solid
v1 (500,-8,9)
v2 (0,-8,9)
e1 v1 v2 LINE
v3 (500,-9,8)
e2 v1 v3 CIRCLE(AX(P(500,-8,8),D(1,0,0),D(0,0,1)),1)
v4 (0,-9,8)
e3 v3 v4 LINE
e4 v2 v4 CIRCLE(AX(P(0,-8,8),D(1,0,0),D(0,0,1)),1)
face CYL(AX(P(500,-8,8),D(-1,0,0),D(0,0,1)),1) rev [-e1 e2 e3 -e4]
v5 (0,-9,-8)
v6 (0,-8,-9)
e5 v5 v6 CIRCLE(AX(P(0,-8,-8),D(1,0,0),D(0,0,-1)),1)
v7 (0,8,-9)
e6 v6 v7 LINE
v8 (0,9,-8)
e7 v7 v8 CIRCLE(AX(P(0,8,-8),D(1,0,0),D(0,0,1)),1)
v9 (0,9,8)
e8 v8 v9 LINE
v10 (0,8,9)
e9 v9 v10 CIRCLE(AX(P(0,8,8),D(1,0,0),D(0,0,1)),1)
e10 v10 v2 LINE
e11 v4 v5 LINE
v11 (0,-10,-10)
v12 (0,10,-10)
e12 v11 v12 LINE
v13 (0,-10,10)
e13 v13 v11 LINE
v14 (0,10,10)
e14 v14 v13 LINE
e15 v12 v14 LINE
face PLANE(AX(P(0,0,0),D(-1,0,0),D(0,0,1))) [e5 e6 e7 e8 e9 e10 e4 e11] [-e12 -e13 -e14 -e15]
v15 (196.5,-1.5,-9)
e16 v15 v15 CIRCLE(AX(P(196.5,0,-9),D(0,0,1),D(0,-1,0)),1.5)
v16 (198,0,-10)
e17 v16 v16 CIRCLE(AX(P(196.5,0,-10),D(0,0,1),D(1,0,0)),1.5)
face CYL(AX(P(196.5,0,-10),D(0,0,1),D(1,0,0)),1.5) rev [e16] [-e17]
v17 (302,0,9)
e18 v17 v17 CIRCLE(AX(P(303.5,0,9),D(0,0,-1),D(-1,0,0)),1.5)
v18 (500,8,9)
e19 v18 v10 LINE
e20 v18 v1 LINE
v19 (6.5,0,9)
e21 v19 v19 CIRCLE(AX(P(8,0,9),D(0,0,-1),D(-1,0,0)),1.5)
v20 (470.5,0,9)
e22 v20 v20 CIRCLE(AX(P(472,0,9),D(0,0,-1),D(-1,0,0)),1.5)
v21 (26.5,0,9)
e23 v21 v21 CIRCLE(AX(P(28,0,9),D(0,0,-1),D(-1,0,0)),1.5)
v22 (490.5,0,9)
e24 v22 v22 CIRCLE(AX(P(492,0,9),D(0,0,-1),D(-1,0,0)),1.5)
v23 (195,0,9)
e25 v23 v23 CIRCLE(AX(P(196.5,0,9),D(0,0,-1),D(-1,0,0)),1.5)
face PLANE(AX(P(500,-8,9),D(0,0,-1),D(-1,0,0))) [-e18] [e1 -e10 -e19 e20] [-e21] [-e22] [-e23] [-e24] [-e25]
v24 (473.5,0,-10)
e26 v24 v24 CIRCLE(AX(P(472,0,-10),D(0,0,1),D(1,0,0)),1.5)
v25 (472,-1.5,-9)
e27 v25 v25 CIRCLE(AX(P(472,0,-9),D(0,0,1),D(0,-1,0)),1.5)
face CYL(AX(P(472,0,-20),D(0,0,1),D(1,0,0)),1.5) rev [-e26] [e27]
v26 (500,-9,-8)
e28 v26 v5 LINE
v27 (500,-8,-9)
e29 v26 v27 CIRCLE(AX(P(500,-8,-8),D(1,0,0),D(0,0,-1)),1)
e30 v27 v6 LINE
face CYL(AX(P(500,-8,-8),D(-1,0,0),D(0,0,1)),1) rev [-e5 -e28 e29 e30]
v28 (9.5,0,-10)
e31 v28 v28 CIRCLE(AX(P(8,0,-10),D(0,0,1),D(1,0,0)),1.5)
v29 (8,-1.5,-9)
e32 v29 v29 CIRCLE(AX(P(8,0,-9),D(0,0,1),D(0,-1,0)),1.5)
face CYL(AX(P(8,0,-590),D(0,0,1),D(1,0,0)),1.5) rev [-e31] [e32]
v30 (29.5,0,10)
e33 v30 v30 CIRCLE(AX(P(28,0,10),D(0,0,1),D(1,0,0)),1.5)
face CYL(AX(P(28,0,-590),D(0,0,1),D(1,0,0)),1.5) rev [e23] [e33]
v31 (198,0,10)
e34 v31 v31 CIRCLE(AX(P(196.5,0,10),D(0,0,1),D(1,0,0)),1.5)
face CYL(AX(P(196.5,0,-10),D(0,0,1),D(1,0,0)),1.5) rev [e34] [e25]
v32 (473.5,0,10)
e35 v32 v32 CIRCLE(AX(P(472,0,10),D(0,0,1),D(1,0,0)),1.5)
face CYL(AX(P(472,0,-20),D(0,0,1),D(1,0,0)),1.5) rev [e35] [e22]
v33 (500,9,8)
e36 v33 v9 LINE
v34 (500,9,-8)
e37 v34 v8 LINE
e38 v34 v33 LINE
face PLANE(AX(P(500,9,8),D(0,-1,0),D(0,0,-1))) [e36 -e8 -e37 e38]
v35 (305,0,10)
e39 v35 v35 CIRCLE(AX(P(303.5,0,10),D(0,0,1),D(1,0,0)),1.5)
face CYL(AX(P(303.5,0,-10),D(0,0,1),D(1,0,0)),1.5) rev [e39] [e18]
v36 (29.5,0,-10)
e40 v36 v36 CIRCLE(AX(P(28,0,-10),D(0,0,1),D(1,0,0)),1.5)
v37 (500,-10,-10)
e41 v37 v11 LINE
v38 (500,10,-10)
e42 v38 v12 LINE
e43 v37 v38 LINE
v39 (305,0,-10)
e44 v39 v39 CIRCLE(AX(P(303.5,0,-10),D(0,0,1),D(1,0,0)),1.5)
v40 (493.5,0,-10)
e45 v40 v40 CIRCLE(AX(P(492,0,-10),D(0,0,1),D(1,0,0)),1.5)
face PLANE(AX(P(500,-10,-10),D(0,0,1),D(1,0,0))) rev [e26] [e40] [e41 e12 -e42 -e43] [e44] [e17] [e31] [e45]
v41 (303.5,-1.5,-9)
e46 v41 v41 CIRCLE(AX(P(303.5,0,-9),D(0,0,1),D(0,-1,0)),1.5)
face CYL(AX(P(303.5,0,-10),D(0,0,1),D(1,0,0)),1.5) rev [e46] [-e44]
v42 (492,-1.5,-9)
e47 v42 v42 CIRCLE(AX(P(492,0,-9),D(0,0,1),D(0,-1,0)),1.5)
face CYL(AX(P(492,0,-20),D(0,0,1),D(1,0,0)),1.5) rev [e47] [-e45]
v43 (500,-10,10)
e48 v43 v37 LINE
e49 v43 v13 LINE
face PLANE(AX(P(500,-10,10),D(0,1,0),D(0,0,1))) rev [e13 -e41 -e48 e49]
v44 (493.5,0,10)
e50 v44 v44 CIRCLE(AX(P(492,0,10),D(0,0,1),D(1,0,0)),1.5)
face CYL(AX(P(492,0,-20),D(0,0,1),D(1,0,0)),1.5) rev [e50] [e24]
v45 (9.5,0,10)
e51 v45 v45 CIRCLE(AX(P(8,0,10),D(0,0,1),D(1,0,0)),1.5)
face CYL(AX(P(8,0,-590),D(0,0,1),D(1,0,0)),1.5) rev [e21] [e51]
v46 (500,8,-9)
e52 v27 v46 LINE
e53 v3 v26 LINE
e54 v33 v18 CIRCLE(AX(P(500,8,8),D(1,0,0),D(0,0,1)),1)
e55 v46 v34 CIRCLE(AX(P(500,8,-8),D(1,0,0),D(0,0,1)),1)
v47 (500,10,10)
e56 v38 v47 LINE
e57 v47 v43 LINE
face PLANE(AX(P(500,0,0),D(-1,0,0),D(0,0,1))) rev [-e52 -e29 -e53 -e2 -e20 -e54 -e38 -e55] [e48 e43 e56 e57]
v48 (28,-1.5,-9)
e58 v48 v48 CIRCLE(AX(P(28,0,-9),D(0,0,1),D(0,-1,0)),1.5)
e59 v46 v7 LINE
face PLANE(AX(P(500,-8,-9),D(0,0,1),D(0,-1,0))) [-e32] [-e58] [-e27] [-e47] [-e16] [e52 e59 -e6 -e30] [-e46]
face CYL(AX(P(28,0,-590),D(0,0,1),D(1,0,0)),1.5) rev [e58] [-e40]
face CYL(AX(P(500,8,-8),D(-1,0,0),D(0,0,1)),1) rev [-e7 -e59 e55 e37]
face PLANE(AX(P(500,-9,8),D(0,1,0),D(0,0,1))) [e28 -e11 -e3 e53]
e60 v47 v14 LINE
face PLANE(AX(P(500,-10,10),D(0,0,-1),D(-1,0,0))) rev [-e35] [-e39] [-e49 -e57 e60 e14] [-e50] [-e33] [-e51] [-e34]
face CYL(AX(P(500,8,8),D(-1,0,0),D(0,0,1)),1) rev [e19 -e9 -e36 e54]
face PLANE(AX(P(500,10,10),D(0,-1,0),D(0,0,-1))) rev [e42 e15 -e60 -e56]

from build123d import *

# Parameters (mm, degrees)
SKETCH1_W           = 20
SKETCH1_H           = 20
BOSS_EXTRUDE1_DEPTH = 500
SKETCH2_R           = 1.5
CUT_EXTRUDE1_DEPTH  = 600
SKETCH3_R           = 1.5
CUT_EXTRUDE2_DEPTH  = 30
SKETCH4_R           = 1.5
CUT_EXTRUDE3_DEPTH  = 20


with BuildPart() as part:
    # Sketch1 → Boss-Extrude1 (new body)
    with BuildSketch(Plane(origin=(0, 0, 0), x_dir=(0, 0, -1), z_dir=(1, 0, 0))):
        Rectangle(SKETCH1_W, SKETCH1_H)
        with BuildLine():
            Line((-8, -9), (8, -9))
            ThreePointArc((8, -9), (8.707106781, -8.707106781), (9, -8))
            Line((9, -8), (9, 8))
            ThreePointArc((9, 8), (8.707106781, 8.707106781), (8, 9))
            Line((8, 9), (-8, 9))
            ThreePointArc((-8, 9), (-8.707106781, 8.707106781), (-9, 8))
            Line((-9, 8), (-9, -8))
            ThreePointArc((-9, -8), (-8.707106781, -8.707106781), (-8, -9))
        make_face(mode=Mode.SUBTRACT)
    extrude(amount=BOSS_EXTRUDE1_DEPTH)

    # Sketch2 → Cut-Extrude1 (cut)
    with BuildSketch(Plane.XY.offset(10)):
        with Locations((8, 0)):
            Circle(SKETCH2_R)
        with Locations((28, 0)):
            Circle(SKETCH2_R)
    extrude(amount=-CUT_EXTRUDE1_DEPTH, mode=Mode.SUBTRACT)

    # Sketch3 → Cut-Extrude2 (cut)
    with BuildSketch(Plane.XY.offset(10)):
        with Locations((492, 0)):
            Circle(SKETCH3_R)
        with Locations((472, 0)):
            Circle(SKETCH3_R)
    extrude(amount=-CUT_EXTRUDE2_DEPTH, mode=Mode.SUBTRACT)

    # Sketch4 → Cut-Extrude3 (cut)
    with BuildSketch(Plane.XY.offset(10)):
        with Locations((196.5, 0)):
            Circle(SKETCH4_R)
        with Locations((303.5, 0)):
            Circle(SKETCH4_R)
    extrude(amount=-CUT_EXTRUDE3_DEPTH, mode=Mode.SUBTRACT)


solid = part.part
